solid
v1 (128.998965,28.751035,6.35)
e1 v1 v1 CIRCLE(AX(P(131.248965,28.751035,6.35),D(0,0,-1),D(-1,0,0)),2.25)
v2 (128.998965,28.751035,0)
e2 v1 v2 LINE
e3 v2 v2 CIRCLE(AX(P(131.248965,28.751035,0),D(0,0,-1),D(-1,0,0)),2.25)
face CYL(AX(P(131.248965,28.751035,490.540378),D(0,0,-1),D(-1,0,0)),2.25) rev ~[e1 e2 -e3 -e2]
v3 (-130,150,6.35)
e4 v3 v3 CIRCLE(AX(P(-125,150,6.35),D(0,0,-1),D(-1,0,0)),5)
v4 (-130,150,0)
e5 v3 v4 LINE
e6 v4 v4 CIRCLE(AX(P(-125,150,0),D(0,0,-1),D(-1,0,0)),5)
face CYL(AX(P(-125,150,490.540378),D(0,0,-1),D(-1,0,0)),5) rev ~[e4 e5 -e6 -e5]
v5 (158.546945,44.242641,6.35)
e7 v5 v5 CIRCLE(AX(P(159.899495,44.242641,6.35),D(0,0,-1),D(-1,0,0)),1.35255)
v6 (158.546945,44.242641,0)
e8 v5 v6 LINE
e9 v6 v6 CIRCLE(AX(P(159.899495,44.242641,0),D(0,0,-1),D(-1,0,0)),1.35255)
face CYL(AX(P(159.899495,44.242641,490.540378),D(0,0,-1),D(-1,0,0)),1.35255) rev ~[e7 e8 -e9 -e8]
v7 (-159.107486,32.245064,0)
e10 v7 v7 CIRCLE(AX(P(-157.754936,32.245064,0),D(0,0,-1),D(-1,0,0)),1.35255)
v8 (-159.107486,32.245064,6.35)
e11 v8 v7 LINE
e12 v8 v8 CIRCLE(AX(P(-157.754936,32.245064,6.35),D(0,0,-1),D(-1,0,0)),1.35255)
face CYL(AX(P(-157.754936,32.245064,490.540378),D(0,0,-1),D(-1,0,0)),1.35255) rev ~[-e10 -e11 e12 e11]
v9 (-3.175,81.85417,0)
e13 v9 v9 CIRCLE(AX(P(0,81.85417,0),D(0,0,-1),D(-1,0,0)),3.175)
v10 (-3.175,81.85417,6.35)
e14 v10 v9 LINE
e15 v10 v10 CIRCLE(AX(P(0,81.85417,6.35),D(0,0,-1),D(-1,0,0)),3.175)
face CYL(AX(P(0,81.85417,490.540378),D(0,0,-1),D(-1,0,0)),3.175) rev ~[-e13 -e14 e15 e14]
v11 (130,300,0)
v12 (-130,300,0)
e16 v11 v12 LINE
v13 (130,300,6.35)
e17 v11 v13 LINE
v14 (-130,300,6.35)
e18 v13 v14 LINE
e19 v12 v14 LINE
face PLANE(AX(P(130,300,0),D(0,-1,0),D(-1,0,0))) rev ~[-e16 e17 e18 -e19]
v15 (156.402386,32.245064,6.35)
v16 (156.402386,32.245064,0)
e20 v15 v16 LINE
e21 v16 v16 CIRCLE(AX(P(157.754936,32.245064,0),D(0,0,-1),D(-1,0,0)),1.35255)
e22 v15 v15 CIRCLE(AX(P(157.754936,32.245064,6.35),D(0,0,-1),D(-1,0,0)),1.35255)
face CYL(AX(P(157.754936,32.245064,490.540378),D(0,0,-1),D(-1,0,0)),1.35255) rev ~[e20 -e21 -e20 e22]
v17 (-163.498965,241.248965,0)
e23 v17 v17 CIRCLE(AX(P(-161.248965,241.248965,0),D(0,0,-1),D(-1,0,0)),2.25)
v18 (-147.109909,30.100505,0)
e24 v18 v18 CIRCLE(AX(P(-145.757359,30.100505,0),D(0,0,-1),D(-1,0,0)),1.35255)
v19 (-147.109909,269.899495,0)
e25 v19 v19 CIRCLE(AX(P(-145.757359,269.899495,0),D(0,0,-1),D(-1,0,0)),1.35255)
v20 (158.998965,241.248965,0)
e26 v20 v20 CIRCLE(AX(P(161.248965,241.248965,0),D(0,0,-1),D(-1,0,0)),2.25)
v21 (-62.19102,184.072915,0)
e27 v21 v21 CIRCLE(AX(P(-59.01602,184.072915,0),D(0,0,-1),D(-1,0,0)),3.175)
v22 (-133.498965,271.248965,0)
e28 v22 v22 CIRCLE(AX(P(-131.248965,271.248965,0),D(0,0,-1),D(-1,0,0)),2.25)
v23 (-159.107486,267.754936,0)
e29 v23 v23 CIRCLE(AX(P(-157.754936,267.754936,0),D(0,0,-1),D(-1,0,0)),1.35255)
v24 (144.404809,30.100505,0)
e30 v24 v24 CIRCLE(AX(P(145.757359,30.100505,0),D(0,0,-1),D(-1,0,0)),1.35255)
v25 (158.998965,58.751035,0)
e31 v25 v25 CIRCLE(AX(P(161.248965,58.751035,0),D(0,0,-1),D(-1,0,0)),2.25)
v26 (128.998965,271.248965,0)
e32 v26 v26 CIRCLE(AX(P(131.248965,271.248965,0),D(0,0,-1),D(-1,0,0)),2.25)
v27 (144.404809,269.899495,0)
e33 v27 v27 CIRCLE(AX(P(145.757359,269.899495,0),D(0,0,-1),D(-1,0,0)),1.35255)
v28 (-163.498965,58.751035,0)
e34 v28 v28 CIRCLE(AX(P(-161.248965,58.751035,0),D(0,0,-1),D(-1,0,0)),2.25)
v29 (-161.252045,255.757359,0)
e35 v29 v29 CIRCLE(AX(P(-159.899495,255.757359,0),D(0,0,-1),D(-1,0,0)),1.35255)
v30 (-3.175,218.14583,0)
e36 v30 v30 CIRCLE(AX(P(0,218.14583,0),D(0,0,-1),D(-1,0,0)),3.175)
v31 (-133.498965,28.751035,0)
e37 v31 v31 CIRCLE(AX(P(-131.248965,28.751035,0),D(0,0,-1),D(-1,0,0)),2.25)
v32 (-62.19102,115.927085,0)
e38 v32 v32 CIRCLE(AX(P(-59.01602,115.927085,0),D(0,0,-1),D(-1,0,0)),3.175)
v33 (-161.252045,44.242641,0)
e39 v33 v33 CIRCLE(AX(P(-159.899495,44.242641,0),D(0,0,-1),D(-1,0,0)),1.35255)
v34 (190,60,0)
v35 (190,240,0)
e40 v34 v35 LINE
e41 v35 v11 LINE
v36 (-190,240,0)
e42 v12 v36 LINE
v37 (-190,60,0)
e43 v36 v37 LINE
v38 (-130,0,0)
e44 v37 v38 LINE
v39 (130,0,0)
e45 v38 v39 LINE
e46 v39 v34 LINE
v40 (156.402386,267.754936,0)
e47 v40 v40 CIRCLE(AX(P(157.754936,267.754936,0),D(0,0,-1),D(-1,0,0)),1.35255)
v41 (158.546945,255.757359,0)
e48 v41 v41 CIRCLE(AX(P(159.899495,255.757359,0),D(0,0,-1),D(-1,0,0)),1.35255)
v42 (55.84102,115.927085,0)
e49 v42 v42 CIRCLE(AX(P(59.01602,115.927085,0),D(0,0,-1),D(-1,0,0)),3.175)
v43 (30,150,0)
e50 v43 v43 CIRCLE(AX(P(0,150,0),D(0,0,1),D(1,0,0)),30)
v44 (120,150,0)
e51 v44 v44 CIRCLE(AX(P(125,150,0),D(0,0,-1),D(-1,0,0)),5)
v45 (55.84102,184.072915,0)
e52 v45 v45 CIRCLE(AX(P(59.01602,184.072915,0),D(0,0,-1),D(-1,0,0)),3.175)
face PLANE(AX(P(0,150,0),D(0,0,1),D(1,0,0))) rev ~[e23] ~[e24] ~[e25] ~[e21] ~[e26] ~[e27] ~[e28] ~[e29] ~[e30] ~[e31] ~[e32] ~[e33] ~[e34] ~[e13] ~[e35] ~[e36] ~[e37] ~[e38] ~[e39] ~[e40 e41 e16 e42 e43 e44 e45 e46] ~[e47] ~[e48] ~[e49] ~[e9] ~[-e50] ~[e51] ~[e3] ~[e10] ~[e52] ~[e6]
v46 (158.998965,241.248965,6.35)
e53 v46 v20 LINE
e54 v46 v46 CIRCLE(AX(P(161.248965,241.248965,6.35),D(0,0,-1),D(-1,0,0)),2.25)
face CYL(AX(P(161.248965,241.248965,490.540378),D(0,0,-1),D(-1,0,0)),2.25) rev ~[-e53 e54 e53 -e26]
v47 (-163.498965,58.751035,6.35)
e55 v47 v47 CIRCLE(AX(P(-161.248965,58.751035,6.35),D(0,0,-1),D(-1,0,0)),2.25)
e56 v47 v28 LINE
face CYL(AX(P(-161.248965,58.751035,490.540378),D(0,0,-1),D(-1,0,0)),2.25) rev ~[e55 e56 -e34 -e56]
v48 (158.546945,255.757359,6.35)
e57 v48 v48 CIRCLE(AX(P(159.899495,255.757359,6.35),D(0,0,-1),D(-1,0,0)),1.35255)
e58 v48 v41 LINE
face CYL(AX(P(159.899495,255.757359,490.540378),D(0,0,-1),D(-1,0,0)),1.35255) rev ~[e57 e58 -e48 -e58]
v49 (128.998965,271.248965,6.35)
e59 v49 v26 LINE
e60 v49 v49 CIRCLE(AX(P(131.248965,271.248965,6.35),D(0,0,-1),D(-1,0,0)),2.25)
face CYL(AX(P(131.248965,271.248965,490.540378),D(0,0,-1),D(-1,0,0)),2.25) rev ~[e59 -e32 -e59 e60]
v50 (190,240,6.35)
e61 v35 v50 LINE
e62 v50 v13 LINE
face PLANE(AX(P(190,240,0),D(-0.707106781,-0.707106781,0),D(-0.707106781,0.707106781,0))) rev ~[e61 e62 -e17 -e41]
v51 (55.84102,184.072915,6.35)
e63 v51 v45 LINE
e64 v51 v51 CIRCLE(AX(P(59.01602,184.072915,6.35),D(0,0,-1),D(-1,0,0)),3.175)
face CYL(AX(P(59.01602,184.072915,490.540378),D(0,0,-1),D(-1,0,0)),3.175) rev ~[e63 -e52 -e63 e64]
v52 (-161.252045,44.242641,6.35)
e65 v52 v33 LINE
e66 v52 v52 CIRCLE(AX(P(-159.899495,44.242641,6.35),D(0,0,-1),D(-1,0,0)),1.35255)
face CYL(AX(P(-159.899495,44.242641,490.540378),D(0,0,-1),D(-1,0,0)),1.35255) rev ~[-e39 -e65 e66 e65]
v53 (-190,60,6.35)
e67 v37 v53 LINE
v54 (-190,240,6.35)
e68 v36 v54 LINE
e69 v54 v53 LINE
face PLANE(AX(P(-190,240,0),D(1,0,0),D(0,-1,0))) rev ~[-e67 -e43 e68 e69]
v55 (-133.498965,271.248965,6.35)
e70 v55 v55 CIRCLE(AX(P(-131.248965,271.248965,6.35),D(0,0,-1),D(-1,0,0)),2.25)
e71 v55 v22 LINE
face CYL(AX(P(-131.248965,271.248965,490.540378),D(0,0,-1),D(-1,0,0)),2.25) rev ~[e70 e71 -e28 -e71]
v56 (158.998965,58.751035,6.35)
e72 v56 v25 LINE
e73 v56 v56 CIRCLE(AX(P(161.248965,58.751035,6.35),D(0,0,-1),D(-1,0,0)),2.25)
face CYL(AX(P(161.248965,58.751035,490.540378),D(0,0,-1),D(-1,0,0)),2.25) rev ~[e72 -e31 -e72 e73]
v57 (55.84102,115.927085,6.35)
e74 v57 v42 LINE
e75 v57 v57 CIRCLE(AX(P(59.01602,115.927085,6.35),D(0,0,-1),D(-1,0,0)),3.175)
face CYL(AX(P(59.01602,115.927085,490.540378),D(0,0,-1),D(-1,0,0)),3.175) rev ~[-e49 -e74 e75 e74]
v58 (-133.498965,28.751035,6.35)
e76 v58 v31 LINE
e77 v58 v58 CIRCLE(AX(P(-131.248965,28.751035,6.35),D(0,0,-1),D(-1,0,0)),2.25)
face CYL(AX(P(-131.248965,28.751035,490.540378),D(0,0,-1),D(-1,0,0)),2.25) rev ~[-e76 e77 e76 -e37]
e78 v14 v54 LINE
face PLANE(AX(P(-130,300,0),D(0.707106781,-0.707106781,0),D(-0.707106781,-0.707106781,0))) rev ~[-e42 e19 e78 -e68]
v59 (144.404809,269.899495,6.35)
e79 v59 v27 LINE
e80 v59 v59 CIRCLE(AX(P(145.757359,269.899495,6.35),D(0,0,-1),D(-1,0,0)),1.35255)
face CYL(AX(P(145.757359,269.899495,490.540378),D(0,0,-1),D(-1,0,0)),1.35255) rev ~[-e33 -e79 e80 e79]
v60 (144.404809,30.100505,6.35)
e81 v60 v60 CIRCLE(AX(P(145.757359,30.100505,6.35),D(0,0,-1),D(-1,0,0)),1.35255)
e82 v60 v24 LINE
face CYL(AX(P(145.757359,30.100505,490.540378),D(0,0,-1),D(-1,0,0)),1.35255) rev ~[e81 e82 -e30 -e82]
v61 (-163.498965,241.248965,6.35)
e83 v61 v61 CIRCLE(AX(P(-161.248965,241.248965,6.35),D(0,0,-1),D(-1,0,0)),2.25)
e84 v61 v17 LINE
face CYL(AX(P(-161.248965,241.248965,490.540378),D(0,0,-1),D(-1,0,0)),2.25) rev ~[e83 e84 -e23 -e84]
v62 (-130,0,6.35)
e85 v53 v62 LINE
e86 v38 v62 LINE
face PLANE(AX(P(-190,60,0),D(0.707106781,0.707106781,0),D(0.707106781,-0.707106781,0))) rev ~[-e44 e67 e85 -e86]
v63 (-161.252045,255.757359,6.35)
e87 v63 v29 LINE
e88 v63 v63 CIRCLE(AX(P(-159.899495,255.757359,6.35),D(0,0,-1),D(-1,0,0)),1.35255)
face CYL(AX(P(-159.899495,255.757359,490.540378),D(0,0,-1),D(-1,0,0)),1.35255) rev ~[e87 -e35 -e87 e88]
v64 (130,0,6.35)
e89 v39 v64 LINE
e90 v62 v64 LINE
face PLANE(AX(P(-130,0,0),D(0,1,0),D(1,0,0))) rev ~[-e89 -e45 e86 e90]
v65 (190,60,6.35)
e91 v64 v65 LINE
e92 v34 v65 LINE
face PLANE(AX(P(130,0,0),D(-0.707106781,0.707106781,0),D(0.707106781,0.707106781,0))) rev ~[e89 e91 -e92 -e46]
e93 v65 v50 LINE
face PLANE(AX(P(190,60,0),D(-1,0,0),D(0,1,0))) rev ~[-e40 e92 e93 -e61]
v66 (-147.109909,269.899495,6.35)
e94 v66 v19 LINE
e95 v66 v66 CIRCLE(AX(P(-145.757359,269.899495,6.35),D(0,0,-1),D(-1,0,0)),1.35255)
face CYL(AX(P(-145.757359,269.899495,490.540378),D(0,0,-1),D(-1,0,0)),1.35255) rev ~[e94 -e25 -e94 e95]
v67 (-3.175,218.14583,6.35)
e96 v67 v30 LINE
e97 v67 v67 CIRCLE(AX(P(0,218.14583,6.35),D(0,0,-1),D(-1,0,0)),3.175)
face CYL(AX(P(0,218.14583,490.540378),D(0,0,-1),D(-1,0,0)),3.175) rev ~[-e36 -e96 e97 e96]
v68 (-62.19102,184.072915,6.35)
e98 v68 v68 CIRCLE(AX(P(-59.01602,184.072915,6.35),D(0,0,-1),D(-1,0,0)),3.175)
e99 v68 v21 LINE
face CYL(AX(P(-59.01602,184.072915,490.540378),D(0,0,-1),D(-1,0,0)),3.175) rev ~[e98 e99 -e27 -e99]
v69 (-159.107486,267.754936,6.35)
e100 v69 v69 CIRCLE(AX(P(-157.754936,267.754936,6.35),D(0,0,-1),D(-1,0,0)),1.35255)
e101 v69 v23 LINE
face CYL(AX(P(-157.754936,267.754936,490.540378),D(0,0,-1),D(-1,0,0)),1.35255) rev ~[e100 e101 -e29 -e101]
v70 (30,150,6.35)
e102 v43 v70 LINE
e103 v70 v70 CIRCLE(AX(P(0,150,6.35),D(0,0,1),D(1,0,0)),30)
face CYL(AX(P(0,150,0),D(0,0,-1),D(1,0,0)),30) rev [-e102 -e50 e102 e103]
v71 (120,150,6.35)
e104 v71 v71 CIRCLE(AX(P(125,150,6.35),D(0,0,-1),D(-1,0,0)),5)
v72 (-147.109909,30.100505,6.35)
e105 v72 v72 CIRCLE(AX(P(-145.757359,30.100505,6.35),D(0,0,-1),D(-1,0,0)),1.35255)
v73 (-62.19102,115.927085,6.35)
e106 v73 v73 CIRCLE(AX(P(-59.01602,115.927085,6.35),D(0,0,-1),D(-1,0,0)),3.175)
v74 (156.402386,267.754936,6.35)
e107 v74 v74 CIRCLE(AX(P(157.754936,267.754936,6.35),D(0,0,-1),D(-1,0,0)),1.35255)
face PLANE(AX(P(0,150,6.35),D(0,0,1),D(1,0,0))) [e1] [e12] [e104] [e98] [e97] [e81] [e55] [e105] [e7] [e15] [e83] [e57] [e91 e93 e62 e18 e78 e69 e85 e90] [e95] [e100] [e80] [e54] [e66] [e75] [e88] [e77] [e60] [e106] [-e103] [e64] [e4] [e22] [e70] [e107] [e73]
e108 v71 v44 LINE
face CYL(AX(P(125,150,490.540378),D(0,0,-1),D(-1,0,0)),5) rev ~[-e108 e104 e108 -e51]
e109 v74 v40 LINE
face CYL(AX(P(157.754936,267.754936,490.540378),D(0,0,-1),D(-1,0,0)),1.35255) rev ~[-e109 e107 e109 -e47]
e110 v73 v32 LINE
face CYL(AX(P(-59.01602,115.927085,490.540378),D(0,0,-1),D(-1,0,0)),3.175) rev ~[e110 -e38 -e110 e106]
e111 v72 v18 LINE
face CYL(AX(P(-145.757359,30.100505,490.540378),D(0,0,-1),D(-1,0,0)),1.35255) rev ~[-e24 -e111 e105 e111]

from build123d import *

# Parameters (mm, degrees)
F0_R     = 30
F1_DEPTH = 6.35
F3_D     = 10
F6_D     = 6.35
F7_D     = 4.5
F8_D     = 2.7051
F9_D     = 2.7051


with BuildPart() as f1:
    # F0 (on Top) → F1 (new body)
    with BuildSketch(Plane.XY):
        Polygon((-190, 60), (-130, 0), (130, 0), (190, 60), (190, 240), (130, 300), (-130, 300), (-190, 240), align=None)
        with Locations((0, 150)):
            Circle(F0_R, mode=Mode.SUBTRACT)
    extrude(amount=F1_DEPTH)

    # F3 (through all)
    with Locations(Plane.XY.offset(6.35)):
        with Locations((-125, 150), (125, 150)):
            Hole(F3_D / 2)

    # F6 (through all)
    with Locations(Plane.XY.offset(6.35)):
        with Locations((0, 218.14583), (59.016019942, 184.072915), (-59.016019942, 184.072915), (-59.016019942, 115.927085), (0, 81.85417), (59.016019942, 115.927085)):
            Hole(F6_D / 2)

    # F7 (through all)
    with Locations(Plane.XY.offset(6.35)):
        with Locations((-161.2489651369, 241.2489651369), (-131.2489651369, 271.2489651369), (-161.2489651369, 58.7510348631), (-131.2489651369, 28.7510348631), (131.2489651369, 28.7510348631), (161.2489651369, 58.7510348631), (161.2489651369, 241.2489651369), (131.2489651369, 271.2489651369)):
            Hole(F7_D / 2)

    # F8 (through all)
    with Locations(Plane.XY.offset(6.35)):
        with Locations((157.7549359697, 267.7549359697), (157.7549359697, 32.2450640303), (-157.7549359697, 32.2450640303), (-157.7549359697, 267.7549359697)):
            Hole(F8_D / 2)

    # F9 (through all)
    with Locations(Plane.XY.offset(6.35)):
        with Locations((-159.8994949366, 255.7573593129), (-145.7573593129, 269.8994949366), (-159.8994949366, 44.2426406871), (-145.7573593129, 30.1005050634), (145.7573593129, 30.1005050634), (159.8994949366, 44.2426406871), (145.7573593129, 269.8994949366), (159.8994949366, 255.7573593129)):
            Hole(F9_D / 2)


solid = f1.part
